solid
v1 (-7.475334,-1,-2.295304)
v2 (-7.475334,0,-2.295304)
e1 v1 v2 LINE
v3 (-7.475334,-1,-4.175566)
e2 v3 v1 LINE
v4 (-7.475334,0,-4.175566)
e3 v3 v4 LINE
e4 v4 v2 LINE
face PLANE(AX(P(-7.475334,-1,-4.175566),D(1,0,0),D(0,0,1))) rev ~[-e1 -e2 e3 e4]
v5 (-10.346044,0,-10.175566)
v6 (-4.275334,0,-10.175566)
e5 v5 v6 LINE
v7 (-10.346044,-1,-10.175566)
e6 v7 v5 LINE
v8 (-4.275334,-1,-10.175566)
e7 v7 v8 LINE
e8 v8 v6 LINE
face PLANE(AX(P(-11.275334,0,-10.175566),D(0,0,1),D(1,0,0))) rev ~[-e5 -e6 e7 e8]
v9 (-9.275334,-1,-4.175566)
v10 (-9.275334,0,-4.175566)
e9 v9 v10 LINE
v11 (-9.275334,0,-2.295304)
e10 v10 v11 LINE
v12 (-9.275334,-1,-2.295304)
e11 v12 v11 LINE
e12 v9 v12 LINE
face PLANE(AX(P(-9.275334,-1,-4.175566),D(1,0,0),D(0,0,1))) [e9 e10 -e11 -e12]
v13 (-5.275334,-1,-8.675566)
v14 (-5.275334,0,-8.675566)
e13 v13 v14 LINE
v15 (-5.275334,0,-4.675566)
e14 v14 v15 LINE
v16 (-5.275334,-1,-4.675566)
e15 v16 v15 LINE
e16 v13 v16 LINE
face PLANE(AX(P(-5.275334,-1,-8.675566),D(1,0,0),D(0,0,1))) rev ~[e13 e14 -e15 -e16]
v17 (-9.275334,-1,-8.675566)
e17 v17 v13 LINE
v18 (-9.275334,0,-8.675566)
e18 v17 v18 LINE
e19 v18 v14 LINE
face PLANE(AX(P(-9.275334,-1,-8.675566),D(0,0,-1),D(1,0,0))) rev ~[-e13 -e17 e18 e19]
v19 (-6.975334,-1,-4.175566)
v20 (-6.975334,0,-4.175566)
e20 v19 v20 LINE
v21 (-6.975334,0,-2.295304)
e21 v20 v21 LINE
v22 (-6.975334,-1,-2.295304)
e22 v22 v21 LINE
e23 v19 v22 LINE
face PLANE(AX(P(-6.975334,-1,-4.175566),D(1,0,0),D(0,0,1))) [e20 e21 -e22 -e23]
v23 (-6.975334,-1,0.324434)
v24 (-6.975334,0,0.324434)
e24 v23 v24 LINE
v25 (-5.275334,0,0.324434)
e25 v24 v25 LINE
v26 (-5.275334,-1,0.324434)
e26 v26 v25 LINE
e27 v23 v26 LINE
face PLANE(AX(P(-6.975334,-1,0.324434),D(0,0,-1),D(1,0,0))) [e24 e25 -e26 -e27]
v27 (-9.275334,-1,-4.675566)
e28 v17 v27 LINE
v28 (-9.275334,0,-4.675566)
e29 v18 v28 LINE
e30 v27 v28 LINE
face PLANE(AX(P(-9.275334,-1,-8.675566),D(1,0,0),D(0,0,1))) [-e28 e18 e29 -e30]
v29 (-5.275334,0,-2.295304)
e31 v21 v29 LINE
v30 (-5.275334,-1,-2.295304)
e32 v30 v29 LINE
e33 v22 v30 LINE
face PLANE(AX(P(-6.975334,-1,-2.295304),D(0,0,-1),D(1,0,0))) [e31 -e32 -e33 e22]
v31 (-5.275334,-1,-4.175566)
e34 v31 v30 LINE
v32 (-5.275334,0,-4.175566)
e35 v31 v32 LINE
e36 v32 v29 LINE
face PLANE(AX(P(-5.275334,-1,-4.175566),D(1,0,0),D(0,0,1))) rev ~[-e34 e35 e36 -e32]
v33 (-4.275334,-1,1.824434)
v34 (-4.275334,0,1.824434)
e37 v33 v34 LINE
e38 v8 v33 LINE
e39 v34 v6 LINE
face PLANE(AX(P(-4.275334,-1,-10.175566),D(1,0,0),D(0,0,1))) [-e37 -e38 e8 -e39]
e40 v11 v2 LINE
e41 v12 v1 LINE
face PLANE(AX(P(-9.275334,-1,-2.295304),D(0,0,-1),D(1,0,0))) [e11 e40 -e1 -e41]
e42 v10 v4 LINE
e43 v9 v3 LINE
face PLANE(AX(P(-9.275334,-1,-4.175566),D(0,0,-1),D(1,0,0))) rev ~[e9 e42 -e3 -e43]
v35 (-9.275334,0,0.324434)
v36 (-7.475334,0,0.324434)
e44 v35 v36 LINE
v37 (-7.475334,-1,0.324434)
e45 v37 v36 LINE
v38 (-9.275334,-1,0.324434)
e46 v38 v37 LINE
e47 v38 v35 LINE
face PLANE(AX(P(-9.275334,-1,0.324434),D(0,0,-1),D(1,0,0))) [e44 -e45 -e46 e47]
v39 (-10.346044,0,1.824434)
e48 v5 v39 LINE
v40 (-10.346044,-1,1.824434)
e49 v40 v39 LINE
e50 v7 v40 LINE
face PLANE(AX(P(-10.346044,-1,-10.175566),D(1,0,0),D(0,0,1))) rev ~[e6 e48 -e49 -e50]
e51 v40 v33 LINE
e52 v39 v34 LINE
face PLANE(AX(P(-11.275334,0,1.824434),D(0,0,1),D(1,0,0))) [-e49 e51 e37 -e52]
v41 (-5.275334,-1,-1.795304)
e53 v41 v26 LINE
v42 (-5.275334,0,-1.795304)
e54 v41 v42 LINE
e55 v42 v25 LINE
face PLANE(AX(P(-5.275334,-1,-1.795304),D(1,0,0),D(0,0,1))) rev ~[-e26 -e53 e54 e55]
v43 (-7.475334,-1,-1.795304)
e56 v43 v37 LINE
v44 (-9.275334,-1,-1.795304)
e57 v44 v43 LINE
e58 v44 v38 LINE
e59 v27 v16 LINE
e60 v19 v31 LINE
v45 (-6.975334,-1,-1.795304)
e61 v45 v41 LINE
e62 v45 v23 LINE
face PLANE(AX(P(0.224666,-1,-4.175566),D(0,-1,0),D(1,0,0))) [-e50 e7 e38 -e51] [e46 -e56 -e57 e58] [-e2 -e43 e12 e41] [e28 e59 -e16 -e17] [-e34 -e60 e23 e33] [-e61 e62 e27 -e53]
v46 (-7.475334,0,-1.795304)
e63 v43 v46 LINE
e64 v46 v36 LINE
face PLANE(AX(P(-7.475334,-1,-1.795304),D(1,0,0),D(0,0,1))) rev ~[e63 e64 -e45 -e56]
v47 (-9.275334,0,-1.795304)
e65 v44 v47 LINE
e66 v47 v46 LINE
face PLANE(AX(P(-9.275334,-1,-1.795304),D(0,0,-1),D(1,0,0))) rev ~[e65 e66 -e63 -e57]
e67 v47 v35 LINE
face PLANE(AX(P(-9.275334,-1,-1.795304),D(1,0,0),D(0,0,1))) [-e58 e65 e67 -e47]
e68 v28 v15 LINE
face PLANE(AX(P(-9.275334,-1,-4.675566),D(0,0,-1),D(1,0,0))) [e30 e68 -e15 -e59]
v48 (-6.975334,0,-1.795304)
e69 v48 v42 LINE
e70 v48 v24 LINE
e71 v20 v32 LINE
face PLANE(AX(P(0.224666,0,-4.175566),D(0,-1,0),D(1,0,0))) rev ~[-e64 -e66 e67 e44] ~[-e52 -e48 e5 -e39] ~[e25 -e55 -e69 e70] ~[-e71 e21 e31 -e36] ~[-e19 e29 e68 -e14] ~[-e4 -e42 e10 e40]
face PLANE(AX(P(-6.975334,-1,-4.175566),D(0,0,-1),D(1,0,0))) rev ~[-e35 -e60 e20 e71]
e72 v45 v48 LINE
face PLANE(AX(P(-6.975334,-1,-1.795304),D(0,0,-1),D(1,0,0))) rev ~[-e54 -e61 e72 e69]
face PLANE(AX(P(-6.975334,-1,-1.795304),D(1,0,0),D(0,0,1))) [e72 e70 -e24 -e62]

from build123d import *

# Parameters (mm, degrees)
SKETCH_W        = 23
SKETCH_H        = 12
PAD_DEPTH       = 1
SKETCH001_W     = 4
SKETCH001_H     = 4
SKETCH001_W_2   = 9
SKETCH001_W_3   = 1.8
SKETCH001_H_2   = 2.119738
SKETCH001_W_4   = 1.7
SKETCH001_H_3   = 1.880262
SKETCH001_H_4   = 2.108956
SKETCH001_W_5   = 1.95
SKETCH001_H_5   = 1.880263
SKETCH001_H_6   = 2.119737
POCKET_DEPTH    = 5
SKETCH002_W     = 16
SKETCH002_H     = 12
POCKET001_DEPTH = 5
SKETCH003_W     = 0.92929
SKETCH003_H     = 12
POCKET002_DEPTH = 5


with BuildPart() as part:
    # Sketch → Pad (new body)
    with BuildSketch(Plane.XZ):
        with Locations((0.224666, -4.175566)):
            Rectangle(SKETCH_W, SKETCH_H)
    extrude(amount=PAD_DEPTH)

    # Sketch001 (on Face6 of Pad) → Pocket (cut)
    with BuildSketch(Plane.XZ.offset(1)):
        with Locations((-7.275334, -6.675566)):
            Rectangle(SKETCH001_W, SKETCH001_H)
        with Locations((7.724666, -6.675566)):
            Rectangle(SKETCH001_W, SKETCH001_H)
        with Locations((0.224666, -6.675566)):
            Rectangle(SKETCH001_W_2, SKETCH001_H)
        with Locations((-8.375334, -0.735435)):
            Rectangle(SKETCH001_W_3, SKETCH001_H_2)
        with Locations((-6.125334, -0.735435)):
            Rectangle(SKETCH001_W_4, SKETCH001_H_2)
        with Locations((-8.375334, -3.235435)):
            Rectangle(SKETCH001_W_3, SKETCH001_H_3)
        with Locations((-6.125334, -3.235435)):
            Rectangle(SKETCH001_W_4, SKETCH001_H_3)
        with Locations((-3.375334, -0.730044)):
            Rectangle(SKETCH001_W_3, SKETCH001_H_4)
        with Locations((-1.000334, -0.730044)):
            Rectangle(SKETCH001_W_5, SKETCH001_H_4)
        with Locations((-3.375334, -3.224654)):
            Rectangle(SKETCH001_W_3, SKETCH001_H_5)
        with Locations((-1.000334, -3.224654)):
            Rectangle(SKETCH001_W_5, SKETCH001_H_5)
        with Locations((1.374666, -0.730044)):
            Rectangle(SKETCH001_W_3, SKETCH001_H_4)
        with Locations((3.674666, -0.724653)):
            Rectangle(SKETCH001_W_3, SKETCH001_H_6)
        with Locations((1.374666, -3.224654)):
            Rectangle(SKETCH001_W_3, SKETCH001_H_5)
        with Locations((3.749666, -3.224654)):
            Rectangle(SKETCH001_W_5, SKETCH001_H_5)
        with Locations((6.624666, -0.732224)):
            Rectangle(SKETCH001_W_3, SKETCH001_H_2)
        with Locations((8.874666, -0.732224)):
            Rectangle(SKETCH001_W_4, SKETCH001_H_2)
        with Locations((6.624666, -3.232224)):
            Rectangle(SKETCH001_W_3, SKETCH001_H_3)
        with Locations((8.874666, -3.232224)):
            Rectangle(SKETCH001_W_4, SKETCH001_H_3)
    extrude(amount=-POCKET_DEPTH, mode=Mode.SUBTRACT)

    # Sketch002 (on Face5 of Pocket) → Pocket001 (cut)
    with BuildSketch(Plane.XZ.offset(1)):
        with Locations((3.724666, -4.175566)):
            Rectangle(SKETCH002_W, SKETCH002_H)
    extrude(amount=-POCKET001_DEPTH, mode=Mode.SUBTRACT)

    # Sketch003 (on Face4 of Pocket001) → Pocket002 (cut)
    with BuildSketch(Plane.XZ.offset(1)):
        with Locations((-10.810689, -4.175566)):
            Rectangle(SKETCH003_W, SKETCH003_H)
    extrude(amount=-POCKET002_DEPTH, mode=Mode.SUBTRACT)


solid = part.part
